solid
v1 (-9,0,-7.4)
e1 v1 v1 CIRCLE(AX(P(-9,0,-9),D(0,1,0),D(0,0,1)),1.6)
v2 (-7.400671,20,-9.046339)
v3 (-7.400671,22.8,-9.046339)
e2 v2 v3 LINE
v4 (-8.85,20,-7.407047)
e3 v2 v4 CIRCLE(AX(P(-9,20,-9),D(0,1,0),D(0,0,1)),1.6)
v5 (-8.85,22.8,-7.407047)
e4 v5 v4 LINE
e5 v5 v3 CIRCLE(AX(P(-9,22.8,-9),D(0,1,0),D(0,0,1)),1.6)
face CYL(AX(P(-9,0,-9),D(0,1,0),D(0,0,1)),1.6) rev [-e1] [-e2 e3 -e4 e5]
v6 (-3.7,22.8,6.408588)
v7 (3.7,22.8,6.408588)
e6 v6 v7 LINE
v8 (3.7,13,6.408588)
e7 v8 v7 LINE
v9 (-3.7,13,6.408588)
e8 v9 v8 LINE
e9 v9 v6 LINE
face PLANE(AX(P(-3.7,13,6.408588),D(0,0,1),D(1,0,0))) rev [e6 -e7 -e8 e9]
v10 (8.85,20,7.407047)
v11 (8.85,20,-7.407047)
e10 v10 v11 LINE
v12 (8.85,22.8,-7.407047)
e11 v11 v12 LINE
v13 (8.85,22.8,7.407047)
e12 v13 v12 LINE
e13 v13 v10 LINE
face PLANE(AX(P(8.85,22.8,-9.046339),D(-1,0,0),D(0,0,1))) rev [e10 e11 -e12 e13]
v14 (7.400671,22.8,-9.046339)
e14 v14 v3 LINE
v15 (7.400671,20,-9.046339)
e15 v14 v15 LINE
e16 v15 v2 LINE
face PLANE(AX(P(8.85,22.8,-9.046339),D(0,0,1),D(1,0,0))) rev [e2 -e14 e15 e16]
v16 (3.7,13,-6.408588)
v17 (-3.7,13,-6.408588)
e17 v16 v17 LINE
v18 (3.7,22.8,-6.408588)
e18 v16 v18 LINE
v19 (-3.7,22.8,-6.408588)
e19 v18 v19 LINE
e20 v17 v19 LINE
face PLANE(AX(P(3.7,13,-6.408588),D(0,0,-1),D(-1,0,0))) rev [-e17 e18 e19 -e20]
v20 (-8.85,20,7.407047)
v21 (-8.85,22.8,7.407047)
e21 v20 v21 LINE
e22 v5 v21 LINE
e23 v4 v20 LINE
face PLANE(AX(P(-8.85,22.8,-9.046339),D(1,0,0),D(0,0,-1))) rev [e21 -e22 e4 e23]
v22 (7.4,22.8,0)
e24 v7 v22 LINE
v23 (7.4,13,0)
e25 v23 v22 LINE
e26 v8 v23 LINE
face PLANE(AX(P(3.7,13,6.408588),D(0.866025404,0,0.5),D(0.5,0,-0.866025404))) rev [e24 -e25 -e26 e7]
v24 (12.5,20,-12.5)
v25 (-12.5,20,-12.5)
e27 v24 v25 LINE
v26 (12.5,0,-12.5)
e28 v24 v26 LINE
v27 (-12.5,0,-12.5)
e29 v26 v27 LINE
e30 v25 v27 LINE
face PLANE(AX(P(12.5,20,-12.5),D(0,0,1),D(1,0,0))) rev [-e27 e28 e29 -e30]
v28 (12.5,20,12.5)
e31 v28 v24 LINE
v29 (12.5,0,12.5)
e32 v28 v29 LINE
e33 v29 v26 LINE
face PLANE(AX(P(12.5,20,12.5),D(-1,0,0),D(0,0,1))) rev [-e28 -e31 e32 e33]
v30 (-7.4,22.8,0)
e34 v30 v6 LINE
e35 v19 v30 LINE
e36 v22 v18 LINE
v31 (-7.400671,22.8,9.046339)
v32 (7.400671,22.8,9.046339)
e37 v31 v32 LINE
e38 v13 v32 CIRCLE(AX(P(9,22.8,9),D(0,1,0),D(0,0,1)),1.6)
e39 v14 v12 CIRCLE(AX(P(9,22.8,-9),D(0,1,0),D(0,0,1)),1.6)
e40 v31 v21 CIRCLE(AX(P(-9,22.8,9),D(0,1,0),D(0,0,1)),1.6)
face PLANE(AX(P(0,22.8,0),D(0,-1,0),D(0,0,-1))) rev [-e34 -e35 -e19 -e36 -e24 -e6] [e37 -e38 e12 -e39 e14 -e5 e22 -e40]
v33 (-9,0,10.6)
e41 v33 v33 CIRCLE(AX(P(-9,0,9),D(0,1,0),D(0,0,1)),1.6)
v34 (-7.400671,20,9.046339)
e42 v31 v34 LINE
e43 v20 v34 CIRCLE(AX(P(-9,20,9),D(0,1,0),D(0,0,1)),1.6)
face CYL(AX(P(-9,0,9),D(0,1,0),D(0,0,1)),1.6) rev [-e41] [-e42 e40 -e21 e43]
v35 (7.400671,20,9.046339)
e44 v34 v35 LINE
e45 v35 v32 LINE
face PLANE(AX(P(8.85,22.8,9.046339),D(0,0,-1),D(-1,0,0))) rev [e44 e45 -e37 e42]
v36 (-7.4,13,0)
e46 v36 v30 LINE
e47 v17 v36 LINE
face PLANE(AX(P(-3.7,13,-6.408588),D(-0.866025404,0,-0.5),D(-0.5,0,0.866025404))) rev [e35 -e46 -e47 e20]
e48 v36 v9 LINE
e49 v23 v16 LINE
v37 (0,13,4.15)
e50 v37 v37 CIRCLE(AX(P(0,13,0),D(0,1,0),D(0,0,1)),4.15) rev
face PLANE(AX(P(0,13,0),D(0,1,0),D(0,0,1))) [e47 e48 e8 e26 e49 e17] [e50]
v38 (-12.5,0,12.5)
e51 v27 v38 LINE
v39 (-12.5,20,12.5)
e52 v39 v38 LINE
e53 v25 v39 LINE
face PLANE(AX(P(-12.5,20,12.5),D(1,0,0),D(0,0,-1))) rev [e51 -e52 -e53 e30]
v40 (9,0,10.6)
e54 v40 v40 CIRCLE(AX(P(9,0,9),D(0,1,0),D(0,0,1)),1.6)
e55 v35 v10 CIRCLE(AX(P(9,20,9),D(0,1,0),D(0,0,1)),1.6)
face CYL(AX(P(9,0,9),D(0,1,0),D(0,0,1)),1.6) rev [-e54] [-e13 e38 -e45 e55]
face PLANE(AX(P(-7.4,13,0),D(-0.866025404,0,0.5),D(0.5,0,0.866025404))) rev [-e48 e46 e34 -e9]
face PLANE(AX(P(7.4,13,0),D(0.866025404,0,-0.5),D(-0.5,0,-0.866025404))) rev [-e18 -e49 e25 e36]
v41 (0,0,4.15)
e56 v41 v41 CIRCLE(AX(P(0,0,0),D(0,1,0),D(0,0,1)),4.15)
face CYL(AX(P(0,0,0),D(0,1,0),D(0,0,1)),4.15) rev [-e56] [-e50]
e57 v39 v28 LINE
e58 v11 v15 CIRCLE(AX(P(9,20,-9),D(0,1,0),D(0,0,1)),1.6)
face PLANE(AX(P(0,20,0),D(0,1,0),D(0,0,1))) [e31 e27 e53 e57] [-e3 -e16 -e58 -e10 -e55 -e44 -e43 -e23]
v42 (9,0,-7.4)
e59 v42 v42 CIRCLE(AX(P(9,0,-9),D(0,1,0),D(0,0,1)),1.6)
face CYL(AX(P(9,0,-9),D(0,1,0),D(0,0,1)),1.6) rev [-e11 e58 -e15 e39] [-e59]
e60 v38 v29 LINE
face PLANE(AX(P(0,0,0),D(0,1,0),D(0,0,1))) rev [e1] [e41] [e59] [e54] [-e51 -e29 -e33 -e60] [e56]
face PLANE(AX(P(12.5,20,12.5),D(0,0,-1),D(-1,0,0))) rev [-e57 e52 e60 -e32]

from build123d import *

# Parameters (mm, degrees)
SKETCH1_W               = 25
SKETCH1_H               = 25
BOSS_EXTRUDE1_DEPTH     = 20
SKETCH4_R               = 4.15
CUT_EXTRUDE2_DEPTH      = 21
CUT_EXTRUDE3_DEPTH      = 7
SKETCH9_W               = 17.7
SKETCH9_H               = 18.092678694
BOSS_EXTRUDE3_DEPTH     = 2.8
SKETCH6_R               = 1.6
CUT_EXTRUDE4_DEPTH      = 3.8
CUT_EXTRUDE4_DEPTH_BACK = 21


with BuildPart() as part:
    # Sketch1 → Boss-Extrude1 (new body)
    with BuildSketch(Plane(origin=(0, 0, 0), x_dir=(1, 0, 0), z_dir=(0, 1, 0))):
        Rectangle(SKETCH1_W, SKETCH1_H)
    extrude(amount=BOSS_EXTRUDE1_DEPTH)

    # Sketch4 → Cut-Extrude2 (cut, through all)
    with BuildSketch(Plane(origin=(0, 20, 0), x_dir=(1, 0, 0), z_dir=(0, 1, 0))):
        with Locations(Location((0, 0, 0), (0, 0, 270))):  # turned: the seam where the file's is
            Circle(SKETCH4_R)
    extrude(amount=-CUT_EXTRUDE2_DEPTH, mode=Mode.SUBTRACT)

    # Sketch5 → Cut-Extrude3 (cut)
    with BuildSketch(Plane(origin=(0, 20, 0), x_dir=(1, 0, 0), z_dir=(0, 1, 0))):
        Polygon((-3.7, -6.408587988), (3.7, -6.408587988), (7.4, 0), (3.7, 6.408587988), (-3.7, 6.408587988), (-7.4, 0), align=None)
    extrude(amount=-CUT_EXTRUDE3_DEPTH, mode=Mode.SUBTRACT)

    # Sketch9 → Boss-Extrude3 (add)
    with BuildSketch(Plane(origin=(0, 20, 0), x_dir=(1, 0, 0), z_dir=(0, 1, 0))):
        Rectangle(SKETCH9_W, SKETCH9_H)
        Polygon((-3.7, -6.408587988), (3.7, -6.408587988), (7.4, 0), (3.7, 6.408587988), (-3.7, 6.408587988), (-7.4, 0), align=None, mode=Mode.SUBTRACT)
    extrude(amount=BOSS_EXTRUDE3_DEPTH)

    # Sketch6 → Cut-Extrude4 (cut, two sides)
    with BuildSketch(Plane(origin=(0, 20, 0), x_dir=(1, 0, 0), z_dir=(0, 1, 0))) as cut_extrude4_sk:
        with Locations(Location((9, -9, 0), (0, 0, 270))):  # turned: the seam where the file's is
            Circle(SKETCH6_R)
        with Locations(Location((-9, -9, 0), (0, 0, 270))):  # turned: the seam where the file's is
            Circle(SKETCH6_R)
        with Locations(Location((-9, 9, 0), (0, 0, 270))):  # turned: the seam where the file's is
            Circle(SKETCH6_R)
        with Locations(Location((9, 9, 0), (0, 0, 270))):  # turned: the seam where the file's is
            Circle(SKETCH6_R)
    extrude(amount=CUT_EXTRUDE4_DEPTH, mode=Mode.SUBTRACT)
    extrude(cut_extrude4_sk.sketch, amount=-CUT_EXTRUDE4_DEPTH_BACK, mode=Mode.SUBTRACT)


solid = part.part
